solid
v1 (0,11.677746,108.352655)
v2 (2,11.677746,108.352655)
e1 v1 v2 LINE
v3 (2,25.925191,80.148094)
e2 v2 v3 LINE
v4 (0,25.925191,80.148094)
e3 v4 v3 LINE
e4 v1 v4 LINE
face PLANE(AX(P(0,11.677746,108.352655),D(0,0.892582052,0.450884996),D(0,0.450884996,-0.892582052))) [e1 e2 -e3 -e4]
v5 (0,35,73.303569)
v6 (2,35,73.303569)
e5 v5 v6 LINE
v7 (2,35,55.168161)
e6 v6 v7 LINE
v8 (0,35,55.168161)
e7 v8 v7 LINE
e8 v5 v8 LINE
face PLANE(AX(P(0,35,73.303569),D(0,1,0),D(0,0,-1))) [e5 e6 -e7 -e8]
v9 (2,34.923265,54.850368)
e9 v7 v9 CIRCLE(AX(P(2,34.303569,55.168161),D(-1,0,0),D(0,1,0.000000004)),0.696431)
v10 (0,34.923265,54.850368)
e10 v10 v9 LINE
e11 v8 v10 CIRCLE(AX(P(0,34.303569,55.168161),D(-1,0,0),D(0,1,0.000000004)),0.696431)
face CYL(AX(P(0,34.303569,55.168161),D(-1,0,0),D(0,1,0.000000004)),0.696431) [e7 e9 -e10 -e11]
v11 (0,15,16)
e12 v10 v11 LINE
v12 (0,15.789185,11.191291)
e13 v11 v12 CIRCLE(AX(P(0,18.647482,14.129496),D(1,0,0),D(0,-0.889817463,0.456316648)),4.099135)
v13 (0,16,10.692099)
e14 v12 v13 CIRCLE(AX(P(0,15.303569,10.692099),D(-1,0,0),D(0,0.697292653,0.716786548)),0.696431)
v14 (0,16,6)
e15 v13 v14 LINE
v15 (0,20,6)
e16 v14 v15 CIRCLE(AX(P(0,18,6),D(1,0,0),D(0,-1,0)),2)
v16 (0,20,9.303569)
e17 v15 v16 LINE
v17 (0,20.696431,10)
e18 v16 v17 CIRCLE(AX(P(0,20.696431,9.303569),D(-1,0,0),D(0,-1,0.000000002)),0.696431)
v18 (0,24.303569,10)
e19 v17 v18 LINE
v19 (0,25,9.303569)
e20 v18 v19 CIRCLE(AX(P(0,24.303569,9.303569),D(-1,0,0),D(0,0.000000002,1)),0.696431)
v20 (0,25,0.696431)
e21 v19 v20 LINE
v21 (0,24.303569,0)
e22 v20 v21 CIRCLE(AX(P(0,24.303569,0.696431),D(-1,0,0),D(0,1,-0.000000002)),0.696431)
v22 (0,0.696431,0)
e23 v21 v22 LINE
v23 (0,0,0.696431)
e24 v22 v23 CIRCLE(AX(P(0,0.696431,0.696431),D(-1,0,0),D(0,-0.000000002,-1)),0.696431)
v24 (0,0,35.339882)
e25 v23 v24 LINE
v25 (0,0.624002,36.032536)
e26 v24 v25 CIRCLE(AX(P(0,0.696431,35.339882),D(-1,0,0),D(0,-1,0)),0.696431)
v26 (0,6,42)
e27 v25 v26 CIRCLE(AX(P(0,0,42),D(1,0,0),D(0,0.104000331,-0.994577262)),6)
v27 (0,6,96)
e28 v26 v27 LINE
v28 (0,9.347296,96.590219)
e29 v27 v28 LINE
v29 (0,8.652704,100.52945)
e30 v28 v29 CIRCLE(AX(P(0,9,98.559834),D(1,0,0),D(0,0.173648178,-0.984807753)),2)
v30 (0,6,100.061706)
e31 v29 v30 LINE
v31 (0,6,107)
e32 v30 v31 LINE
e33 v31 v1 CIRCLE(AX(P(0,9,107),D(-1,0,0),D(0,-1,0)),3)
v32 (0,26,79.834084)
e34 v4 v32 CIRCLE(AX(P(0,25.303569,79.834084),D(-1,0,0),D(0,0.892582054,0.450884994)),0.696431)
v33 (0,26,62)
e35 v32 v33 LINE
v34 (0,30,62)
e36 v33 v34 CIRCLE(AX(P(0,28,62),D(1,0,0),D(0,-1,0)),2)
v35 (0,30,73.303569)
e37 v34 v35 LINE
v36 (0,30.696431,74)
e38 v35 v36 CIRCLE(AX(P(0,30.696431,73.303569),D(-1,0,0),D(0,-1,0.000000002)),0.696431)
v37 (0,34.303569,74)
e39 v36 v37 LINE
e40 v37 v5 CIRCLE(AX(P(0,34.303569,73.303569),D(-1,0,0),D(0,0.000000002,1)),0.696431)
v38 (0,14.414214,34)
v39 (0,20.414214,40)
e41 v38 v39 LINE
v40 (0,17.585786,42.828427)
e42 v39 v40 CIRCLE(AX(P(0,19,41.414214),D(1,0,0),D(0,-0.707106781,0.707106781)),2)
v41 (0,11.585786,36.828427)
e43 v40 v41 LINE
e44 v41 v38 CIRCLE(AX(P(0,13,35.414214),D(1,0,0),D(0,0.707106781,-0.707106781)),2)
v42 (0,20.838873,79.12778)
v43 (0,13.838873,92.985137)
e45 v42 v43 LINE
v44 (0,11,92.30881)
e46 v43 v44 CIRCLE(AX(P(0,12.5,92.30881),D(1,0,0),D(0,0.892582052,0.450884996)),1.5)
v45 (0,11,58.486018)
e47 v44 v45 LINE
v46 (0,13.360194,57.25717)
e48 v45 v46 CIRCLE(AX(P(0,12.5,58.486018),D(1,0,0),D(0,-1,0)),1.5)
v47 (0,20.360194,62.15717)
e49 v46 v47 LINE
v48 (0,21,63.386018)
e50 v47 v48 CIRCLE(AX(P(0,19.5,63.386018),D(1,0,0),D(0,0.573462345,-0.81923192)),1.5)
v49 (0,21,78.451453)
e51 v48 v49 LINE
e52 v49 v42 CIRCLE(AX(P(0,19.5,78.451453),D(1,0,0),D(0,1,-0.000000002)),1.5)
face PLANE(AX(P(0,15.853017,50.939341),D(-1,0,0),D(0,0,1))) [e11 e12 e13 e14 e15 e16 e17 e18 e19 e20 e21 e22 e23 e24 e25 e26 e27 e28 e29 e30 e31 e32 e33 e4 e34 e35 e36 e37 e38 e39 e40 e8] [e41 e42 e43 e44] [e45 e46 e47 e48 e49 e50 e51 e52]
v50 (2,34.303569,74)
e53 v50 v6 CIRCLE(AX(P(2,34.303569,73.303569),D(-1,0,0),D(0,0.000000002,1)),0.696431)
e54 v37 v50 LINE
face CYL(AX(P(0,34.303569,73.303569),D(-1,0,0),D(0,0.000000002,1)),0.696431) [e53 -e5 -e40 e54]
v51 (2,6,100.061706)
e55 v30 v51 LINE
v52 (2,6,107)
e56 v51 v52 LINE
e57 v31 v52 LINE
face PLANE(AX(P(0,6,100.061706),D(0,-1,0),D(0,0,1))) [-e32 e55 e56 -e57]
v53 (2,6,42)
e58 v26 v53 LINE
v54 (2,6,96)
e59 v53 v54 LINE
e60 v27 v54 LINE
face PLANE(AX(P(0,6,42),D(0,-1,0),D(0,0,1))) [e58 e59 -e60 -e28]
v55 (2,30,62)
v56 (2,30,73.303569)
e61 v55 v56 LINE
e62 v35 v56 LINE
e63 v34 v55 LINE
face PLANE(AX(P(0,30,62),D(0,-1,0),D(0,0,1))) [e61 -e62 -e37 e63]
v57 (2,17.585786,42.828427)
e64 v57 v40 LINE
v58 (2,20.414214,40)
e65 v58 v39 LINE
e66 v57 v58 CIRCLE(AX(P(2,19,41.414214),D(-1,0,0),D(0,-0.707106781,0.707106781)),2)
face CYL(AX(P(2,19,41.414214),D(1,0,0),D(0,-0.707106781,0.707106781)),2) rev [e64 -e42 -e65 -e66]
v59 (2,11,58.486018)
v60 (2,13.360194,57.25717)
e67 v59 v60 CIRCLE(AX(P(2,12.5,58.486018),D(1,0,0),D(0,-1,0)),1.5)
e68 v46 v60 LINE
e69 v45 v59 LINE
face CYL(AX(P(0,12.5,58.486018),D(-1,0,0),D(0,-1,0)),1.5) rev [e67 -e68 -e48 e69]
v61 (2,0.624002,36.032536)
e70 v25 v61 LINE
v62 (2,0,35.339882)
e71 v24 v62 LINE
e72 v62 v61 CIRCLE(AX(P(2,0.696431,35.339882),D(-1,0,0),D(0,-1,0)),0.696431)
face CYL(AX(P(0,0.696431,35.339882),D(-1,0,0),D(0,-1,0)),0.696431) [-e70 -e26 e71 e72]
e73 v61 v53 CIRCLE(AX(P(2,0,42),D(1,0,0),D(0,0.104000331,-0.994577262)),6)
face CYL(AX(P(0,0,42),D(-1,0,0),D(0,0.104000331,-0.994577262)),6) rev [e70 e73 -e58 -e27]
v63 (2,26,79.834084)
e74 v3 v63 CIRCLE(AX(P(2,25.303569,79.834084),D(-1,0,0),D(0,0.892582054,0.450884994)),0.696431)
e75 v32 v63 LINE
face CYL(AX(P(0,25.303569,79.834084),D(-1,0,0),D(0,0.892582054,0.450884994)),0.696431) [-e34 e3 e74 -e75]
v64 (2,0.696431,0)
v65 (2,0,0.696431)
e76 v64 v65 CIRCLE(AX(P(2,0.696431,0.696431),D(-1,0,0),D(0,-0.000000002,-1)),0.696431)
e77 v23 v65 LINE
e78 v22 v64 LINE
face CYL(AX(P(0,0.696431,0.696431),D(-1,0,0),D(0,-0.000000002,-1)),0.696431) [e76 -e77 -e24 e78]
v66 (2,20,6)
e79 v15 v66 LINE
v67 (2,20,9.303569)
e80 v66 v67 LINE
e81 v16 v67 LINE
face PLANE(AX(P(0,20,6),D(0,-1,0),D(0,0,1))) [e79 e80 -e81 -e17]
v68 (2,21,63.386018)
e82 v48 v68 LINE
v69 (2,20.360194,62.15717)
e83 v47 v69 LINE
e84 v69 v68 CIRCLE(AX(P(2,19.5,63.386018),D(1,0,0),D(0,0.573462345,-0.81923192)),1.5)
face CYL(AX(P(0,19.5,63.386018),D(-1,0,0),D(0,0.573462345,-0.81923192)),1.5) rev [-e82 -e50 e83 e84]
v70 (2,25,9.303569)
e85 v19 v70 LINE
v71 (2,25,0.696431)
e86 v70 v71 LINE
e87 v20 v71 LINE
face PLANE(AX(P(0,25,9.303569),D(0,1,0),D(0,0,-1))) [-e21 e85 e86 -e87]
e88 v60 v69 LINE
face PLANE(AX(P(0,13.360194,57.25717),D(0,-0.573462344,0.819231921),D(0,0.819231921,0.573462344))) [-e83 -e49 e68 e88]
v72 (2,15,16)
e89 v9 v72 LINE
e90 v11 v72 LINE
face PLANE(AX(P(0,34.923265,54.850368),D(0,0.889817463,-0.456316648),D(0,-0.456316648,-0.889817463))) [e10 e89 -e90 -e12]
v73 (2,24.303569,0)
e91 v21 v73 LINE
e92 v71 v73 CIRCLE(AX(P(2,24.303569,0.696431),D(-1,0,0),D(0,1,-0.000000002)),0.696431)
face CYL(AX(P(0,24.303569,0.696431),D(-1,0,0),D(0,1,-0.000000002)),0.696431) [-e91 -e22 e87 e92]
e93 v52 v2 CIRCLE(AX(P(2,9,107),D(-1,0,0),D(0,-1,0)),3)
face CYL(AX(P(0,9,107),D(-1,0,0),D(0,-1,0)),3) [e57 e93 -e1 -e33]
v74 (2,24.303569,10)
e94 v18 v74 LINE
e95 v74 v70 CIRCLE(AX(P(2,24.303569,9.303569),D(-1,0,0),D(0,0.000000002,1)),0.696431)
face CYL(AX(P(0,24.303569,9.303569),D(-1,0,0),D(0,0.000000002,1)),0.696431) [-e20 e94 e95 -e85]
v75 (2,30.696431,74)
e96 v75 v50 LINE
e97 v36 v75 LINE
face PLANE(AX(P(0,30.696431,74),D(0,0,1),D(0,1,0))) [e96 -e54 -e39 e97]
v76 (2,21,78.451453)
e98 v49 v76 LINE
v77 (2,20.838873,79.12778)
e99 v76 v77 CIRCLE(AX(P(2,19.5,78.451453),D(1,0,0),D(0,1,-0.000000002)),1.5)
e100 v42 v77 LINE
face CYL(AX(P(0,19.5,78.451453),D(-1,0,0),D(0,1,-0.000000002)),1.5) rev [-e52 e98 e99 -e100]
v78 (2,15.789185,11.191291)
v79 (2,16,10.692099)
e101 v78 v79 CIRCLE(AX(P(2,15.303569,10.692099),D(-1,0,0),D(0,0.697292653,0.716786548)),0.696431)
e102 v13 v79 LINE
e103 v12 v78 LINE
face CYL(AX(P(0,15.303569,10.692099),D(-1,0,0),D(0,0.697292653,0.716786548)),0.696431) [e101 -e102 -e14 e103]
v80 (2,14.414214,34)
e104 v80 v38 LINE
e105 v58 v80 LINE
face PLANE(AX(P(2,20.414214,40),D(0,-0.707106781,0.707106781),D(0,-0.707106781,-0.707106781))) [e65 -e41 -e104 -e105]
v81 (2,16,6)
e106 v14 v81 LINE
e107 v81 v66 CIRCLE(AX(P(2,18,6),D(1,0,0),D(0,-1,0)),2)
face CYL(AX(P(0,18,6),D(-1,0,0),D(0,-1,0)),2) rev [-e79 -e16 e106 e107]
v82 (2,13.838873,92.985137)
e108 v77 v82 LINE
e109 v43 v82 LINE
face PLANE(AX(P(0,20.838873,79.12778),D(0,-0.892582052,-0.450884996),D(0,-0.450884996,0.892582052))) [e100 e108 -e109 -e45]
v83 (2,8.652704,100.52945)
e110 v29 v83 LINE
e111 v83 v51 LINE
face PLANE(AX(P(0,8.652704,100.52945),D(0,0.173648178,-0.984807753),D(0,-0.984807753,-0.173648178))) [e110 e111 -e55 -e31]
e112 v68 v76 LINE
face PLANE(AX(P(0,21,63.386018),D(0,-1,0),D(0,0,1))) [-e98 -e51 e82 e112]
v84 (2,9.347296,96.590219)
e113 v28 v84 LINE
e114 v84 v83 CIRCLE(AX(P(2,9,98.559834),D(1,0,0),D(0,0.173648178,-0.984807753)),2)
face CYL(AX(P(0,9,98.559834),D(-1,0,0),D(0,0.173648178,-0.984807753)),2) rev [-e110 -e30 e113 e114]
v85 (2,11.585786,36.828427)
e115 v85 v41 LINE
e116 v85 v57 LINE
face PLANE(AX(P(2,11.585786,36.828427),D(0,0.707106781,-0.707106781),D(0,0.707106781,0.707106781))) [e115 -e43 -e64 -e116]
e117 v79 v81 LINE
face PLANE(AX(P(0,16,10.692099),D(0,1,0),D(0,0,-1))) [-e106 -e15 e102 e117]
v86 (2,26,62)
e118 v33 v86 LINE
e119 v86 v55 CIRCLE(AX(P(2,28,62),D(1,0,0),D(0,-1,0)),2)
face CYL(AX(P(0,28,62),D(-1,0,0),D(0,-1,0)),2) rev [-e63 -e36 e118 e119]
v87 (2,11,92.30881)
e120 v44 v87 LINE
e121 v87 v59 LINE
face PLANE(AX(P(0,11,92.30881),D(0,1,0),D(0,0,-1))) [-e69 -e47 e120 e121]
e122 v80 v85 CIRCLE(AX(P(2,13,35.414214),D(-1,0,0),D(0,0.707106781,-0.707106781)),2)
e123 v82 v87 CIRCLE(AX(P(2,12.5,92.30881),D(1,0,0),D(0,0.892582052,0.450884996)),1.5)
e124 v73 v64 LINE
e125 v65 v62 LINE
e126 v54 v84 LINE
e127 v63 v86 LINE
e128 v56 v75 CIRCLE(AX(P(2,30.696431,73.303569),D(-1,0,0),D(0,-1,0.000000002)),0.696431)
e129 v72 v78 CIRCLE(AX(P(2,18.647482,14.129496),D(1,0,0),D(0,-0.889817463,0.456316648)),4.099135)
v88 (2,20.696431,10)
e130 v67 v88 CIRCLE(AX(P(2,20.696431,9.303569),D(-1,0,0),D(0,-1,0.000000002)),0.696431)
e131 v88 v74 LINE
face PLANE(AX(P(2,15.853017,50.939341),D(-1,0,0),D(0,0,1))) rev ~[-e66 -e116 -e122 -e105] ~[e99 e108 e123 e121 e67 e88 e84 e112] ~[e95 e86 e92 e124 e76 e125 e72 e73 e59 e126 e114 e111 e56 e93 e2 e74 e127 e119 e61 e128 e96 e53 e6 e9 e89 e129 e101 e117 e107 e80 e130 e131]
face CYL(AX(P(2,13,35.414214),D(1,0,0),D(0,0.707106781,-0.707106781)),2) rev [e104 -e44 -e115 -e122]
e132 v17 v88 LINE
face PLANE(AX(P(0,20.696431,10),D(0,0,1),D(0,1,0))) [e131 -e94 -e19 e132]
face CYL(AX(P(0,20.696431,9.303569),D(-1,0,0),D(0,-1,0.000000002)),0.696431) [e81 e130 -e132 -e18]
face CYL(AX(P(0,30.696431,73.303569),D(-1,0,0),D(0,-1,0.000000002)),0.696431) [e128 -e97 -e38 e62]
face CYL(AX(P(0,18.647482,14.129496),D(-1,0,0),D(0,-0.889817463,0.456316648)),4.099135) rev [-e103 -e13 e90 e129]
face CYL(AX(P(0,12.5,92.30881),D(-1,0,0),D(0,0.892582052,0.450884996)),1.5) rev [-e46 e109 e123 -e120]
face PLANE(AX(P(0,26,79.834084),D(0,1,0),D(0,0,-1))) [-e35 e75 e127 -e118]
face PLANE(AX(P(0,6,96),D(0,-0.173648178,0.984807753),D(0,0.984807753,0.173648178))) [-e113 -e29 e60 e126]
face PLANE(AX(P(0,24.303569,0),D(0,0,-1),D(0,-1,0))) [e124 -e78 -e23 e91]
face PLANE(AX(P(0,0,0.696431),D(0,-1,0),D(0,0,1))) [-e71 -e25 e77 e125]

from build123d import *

# Parameters (mm, degrees)
RESSALTO_EXTRUS_O1_DEPTH = 2
CORTE_EXTRUS_O1_DEPTH    = 116.451288429


with BuildPart() as part:
    # Esboço1 → Ressalto-extrusão1 (new body)
    with BuildSketch(Plane(origin=(0, 0, 0), x_dir=(0, 0, -1), z_dir=(1, 0, 0))):
        with BuildLine():
            Line((0, 24.303568951), (0, 0.696431049))
            ThreePointArc((0, 0.696431049), (-0.203979932, 0.203979932), (-0.696431049, 0))
            Line((-0.696431049, 0), (-35.339881939, 0))
            ThreePointArc((-35.339881939, 0), (-35.806022669, 0.179005667), (-36.032536425, 0.624001989))
            ThreePointArc((-36.032536425, 0.624001989), (-37.984032615, 4.457802818), (-42, 6))
            Line((-42, 6), (-96, 6))
            Line((-96, 6), (-96.59021866, 9.347296355))
            ThreePointArc((-96.59021866, 9.347296355), (-98.907130521, 10.969615506), (-100.529449672, 8.652703645))
            Line((-100.529449672, 8.652703645), (-100.061706448, 6))
            Line((-100.061706448, 6), (-107, 6))
            ThreePointArc((-107, 6), (-109.918324731, 8.304744102), (-108.352654988, 11.677746157))
            Line((-108.352654988, 11.677746157), (-80.148093958, 25.925190806))
            ThreePointArc((-80.148093958, 25.925190806), (-79.995482912, 25.981039602), (-79.834083648, 26))
            Line((-79.834083648, 26), (-62, 26))
            ThreePointArc((-62, 26), (-60, 28), (-62, 30))
            Line((-62, 30), (-73.303568951, 30))
            ThreePointArc((-73.303568951, 30), (-73.796020068, 30.203979932), (-74, 30.696431049))
            Line((-74, 30.696431049), (-74, 34.303568951))
            ThreePointArc((-74, 34.303568951), (-73.796020068, 34.796020068), (-73.303568951, 35))
            Line((-73.303568951, 35), (-55.168160729, 35))
            ThreePointArc((-55.168160729, 35), (-55.004697711, 34.980544614), (-54.850367647, 34.92326546))
            Line((-54.850367647, 34.92326546), (-16, 15))
            ThreePointArc((-16, 15), (-13.465644125, 14.602459282), (-11.191291491, 15.789185206))
            ThreePointArc((-11.191291491, 15.789185206), (-10.963040008, 15.945135177), (-10.692099084, 16))
            Line((-10.692099084, 16), (-6, 16))
            ThreePointArc((-6, 16), (-4, 18), (-6, 20))
            Line((-6, 20), (-9.303568951, 20))
            ThreePointArc((-9.303568951, 20), (-9.796020068, 20.203979932), (-10, 20.696431049))
            Line((-10, 20.696431049), (-10, 24.303568951))
            ThreePointArc((-10, 24.303568951), (-9.796020068, 24.796020068), (-9.303568951, 25))
            Line((-9.303568951, 25), (-0.696431049, 25))
            ThreePointArc((-0.696431049, 25), (-0.203979932, 24.796020068), (0, 24.303568951))
        make_face()
        with BuildLine():
            Line((-92.308809913, 11), (-58.486017578, 11))
            ThreePointArc((-58.486017578, 11), (-57.155549564, 11.807284429), (-57.257169698, 13.360193517))
            Line((-57.257169698, 13.360193517), (-62.157169698, 20.360193517))
            ThreePointArc((-62.157169698, 20.360193517), (-62.693302007, 20.830468014), (-63.386017578, 21))
            Line((-63.386017578, 21), (-78.451452887, 21))
            ThreePointArc((-78.451452887, 21), (-78.799080836, 20.959162366), (-79.127780381, 20.838873079))
            Line((-79.127780381, 20.838873079), (-92.985137407, 13.838873079))
            ThreePointArc((-92.985137407, 13.838873079), (-93.767972278, 12.152372051), (-92.308809913, 11))
        make_face(mode=Mode.SUBTRACT)
    extrude(amount=RESSALTO_EXTRUS_O1_DEPTH)

    # Esboço2 → Corte-extrusão1 (cut, through all)
    with BuildSketch(Plane(origin=(2, 0, 0), x_dir=(0, 0, -1), z_dir=(1, 0, 0))):
        with BuildLine():
            Line((-40, 20.414213562), (-34, 14.414213562))
            ThreePointArc((-34, 14.414213562), (-34, 11.585786438), (-36.828427125, 11.585786438))
            Line((-36.828427125, 11.585786438), (-42.828427125, 17.585786438))
            ThreePointArc((-42.828427125, 17.585786438), (-42.828427125, 20.414213562), (-40, 20.414213562))
        make_face()
    extrude(amount=-CORTE_EXTRUS_O1_DEPTH, mode=Mode.SUBTRACT)


solid = part.part
